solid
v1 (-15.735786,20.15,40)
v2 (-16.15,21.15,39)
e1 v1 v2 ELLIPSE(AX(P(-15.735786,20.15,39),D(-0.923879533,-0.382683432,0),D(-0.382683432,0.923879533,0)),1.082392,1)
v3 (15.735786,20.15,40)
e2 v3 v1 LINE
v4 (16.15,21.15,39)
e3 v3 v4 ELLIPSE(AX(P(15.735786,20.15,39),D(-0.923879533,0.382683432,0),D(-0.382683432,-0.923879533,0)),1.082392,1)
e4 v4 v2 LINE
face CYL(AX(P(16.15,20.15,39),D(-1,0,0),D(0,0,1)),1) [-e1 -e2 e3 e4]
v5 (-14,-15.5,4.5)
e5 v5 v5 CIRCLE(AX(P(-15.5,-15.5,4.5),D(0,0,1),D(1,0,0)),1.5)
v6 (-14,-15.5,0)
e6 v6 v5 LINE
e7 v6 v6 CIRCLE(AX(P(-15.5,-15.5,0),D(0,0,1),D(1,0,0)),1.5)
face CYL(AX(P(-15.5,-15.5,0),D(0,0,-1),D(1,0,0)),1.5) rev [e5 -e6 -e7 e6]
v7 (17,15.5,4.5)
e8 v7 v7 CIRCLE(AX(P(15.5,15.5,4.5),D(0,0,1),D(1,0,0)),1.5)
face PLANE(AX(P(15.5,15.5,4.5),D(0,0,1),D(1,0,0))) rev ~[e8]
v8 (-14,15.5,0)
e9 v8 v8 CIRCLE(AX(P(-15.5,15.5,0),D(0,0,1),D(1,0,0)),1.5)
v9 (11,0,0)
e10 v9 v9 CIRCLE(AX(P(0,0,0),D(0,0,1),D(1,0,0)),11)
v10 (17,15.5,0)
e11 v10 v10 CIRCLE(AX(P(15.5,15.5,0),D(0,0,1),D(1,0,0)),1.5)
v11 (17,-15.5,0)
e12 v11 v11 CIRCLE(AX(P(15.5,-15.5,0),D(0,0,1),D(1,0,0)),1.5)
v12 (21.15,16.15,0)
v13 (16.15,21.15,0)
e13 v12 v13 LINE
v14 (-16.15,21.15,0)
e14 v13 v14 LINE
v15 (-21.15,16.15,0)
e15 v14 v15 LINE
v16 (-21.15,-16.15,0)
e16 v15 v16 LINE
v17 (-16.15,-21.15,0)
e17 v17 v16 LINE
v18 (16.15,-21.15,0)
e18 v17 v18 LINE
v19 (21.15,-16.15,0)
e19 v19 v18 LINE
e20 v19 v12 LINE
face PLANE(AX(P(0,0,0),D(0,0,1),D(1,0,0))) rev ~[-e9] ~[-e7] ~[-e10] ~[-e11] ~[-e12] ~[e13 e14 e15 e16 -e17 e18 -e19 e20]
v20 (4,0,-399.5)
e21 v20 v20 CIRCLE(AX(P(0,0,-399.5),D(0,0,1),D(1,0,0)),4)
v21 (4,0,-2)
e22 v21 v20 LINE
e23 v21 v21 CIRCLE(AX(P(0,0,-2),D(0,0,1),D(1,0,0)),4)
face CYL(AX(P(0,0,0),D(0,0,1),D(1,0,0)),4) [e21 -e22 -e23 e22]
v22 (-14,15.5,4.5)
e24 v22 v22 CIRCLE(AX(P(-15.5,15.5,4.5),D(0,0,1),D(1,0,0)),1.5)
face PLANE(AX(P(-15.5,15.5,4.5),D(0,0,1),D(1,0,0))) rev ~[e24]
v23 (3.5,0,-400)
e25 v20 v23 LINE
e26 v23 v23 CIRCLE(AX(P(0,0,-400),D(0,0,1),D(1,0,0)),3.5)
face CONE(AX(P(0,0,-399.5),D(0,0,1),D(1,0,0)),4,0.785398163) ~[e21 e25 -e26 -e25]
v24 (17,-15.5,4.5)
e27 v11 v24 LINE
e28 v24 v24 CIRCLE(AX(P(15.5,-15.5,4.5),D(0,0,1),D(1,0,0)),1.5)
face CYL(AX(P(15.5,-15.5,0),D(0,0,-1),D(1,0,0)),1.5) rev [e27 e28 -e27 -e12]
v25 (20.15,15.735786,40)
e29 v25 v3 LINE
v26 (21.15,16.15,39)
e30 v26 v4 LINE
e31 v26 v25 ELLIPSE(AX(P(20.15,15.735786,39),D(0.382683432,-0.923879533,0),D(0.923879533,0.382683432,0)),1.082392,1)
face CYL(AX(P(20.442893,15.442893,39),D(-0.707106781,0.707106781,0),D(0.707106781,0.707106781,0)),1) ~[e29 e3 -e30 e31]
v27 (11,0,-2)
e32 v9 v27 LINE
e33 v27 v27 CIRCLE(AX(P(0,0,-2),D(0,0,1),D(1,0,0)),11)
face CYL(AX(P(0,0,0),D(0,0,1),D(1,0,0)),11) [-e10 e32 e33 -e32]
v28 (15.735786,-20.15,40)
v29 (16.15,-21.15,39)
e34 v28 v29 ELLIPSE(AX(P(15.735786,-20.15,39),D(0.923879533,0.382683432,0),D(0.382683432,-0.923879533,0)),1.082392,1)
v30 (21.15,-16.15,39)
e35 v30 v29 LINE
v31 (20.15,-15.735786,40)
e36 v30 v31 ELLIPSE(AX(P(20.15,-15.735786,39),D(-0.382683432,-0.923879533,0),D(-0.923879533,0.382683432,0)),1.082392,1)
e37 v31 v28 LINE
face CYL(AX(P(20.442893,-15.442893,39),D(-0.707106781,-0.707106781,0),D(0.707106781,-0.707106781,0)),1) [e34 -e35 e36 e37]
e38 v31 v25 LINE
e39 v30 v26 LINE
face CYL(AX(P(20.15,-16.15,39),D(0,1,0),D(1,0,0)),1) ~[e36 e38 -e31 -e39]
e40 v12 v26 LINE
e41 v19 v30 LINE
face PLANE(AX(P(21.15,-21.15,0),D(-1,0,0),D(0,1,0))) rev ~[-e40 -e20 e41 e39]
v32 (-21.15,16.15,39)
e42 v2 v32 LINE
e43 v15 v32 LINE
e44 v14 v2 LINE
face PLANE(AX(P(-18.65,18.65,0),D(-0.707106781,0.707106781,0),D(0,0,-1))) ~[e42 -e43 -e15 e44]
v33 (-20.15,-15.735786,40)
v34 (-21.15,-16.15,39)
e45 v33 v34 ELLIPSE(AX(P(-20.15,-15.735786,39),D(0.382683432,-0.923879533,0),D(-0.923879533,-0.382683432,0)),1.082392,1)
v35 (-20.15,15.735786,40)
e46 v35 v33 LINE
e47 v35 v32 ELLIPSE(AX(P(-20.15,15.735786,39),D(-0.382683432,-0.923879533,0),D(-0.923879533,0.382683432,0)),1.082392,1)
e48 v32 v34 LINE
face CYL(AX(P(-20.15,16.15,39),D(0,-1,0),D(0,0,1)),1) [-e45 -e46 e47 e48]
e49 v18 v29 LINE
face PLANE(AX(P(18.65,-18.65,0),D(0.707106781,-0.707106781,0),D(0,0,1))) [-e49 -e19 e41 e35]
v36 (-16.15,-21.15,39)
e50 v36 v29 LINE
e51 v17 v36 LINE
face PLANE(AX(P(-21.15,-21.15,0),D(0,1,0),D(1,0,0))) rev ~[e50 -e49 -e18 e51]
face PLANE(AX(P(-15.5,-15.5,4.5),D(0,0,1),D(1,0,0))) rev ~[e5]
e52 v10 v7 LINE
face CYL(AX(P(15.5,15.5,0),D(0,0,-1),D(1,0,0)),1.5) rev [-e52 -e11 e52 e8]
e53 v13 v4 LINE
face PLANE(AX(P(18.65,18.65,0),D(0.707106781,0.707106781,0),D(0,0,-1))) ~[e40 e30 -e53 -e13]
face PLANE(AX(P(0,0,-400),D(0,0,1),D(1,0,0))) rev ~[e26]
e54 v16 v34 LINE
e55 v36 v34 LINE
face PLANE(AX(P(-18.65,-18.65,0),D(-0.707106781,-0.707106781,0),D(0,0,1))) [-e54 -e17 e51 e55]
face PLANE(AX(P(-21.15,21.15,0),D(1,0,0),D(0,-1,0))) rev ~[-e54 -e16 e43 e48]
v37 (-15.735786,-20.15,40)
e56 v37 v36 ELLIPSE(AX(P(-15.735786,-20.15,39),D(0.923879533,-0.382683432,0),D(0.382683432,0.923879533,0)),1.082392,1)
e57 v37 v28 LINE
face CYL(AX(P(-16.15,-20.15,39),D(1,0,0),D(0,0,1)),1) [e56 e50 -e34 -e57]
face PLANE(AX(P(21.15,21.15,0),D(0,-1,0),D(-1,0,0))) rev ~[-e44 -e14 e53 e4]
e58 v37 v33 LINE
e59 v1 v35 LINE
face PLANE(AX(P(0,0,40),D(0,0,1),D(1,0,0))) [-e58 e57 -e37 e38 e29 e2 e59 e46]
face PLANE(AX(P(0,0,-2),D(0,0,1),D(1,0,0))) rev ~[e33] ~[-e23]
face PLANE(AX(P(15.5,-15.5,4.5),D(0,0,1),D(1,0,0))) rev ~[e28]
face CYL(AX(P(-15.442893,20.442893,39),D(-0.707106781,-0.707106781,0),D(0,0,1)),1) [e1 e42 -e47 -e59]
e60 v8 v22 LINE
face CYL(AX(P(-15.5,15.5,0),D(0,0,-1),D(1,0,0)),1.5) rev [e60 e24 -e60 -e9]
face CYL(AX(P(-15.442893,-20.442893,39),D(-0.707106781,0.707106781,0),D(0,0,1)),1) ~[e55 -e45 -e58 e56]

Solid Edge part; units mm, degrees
sketch "Sketch1" plane through (0, 0, 0) normal (0, 0, 1) x (1, 0, 0)
  line L0 (21.15, -21.15) -> (21.15, 21.15)
  line L1 (21.15, 21.15) -> (-21.15, 21.15)
  line L2 (-21.15, 21.15) -> (-21.15, -21.15)
  line L3 (-21.15, -21.15) -> (21.15, -21.15)
extrude "Protrusion1" add sketch "Sketch1" along normal blind 40
sketch "Sketch2" plane through (0, 0, 0) normal (0, 0, 1) x (1, 0, 0)
  circle A0 centre (0, 0) radius 11
extrude "ExtrudedProtrusion_2" add sketch "Sketch2" against normal blind 2
sketch "Sketch3" plane through (0, 0, 0) normal (0, 0, 1) x (1, 0, 0)
  circle A0 centre (0, 0) radius 4
extrude "ExtrudedProtrusion_3" add sketch "Sketch3" against normal blind 400
sketch "Sketch4" plane through (0, 0, 0) normal (0, 0, 1) x (1, 0, 0)
  circle A0 centre (15.5, 15.5) radius 1.5
  circle A1 centre (-15.5, 15.5) radius 1.5
  circle A2 centre (-15.5, -15.5) radius 1.5
  circle A3 centre (15.5, -15.5) radius 1.5
  dimension "D1" = 42.3
  dimension "D2" = 22
  dimension "D3" = 8
  dimension "D4" = 31
  dimension "D5" = 3
extrude "ExtrudedCutout_1" cut sketch "Sketch4" along normal blind 4.5
chamfer "Chamfer_1" distance 5 angle 45 4 edges at (21.15, 21.15, 20) (-21.15, 21.15, 20) (-21.15, -21.15, 20) (21.15, -21.15, 20)
fillet "Round_1" radius 1 8 edges at (0, 21.15, 40) (-18.65, 18.65, 40) (-21.15, 0, 40) (-18.65, -18.65, 40) (0, -21.15, 40) (18.65, -18.65, 40) (21.15, 0, 40) (18.65, 18.65, 40)
chamfer "Chamfer_2" distance 0.5 angle 45 1 edges at (-4, 0, -400)
